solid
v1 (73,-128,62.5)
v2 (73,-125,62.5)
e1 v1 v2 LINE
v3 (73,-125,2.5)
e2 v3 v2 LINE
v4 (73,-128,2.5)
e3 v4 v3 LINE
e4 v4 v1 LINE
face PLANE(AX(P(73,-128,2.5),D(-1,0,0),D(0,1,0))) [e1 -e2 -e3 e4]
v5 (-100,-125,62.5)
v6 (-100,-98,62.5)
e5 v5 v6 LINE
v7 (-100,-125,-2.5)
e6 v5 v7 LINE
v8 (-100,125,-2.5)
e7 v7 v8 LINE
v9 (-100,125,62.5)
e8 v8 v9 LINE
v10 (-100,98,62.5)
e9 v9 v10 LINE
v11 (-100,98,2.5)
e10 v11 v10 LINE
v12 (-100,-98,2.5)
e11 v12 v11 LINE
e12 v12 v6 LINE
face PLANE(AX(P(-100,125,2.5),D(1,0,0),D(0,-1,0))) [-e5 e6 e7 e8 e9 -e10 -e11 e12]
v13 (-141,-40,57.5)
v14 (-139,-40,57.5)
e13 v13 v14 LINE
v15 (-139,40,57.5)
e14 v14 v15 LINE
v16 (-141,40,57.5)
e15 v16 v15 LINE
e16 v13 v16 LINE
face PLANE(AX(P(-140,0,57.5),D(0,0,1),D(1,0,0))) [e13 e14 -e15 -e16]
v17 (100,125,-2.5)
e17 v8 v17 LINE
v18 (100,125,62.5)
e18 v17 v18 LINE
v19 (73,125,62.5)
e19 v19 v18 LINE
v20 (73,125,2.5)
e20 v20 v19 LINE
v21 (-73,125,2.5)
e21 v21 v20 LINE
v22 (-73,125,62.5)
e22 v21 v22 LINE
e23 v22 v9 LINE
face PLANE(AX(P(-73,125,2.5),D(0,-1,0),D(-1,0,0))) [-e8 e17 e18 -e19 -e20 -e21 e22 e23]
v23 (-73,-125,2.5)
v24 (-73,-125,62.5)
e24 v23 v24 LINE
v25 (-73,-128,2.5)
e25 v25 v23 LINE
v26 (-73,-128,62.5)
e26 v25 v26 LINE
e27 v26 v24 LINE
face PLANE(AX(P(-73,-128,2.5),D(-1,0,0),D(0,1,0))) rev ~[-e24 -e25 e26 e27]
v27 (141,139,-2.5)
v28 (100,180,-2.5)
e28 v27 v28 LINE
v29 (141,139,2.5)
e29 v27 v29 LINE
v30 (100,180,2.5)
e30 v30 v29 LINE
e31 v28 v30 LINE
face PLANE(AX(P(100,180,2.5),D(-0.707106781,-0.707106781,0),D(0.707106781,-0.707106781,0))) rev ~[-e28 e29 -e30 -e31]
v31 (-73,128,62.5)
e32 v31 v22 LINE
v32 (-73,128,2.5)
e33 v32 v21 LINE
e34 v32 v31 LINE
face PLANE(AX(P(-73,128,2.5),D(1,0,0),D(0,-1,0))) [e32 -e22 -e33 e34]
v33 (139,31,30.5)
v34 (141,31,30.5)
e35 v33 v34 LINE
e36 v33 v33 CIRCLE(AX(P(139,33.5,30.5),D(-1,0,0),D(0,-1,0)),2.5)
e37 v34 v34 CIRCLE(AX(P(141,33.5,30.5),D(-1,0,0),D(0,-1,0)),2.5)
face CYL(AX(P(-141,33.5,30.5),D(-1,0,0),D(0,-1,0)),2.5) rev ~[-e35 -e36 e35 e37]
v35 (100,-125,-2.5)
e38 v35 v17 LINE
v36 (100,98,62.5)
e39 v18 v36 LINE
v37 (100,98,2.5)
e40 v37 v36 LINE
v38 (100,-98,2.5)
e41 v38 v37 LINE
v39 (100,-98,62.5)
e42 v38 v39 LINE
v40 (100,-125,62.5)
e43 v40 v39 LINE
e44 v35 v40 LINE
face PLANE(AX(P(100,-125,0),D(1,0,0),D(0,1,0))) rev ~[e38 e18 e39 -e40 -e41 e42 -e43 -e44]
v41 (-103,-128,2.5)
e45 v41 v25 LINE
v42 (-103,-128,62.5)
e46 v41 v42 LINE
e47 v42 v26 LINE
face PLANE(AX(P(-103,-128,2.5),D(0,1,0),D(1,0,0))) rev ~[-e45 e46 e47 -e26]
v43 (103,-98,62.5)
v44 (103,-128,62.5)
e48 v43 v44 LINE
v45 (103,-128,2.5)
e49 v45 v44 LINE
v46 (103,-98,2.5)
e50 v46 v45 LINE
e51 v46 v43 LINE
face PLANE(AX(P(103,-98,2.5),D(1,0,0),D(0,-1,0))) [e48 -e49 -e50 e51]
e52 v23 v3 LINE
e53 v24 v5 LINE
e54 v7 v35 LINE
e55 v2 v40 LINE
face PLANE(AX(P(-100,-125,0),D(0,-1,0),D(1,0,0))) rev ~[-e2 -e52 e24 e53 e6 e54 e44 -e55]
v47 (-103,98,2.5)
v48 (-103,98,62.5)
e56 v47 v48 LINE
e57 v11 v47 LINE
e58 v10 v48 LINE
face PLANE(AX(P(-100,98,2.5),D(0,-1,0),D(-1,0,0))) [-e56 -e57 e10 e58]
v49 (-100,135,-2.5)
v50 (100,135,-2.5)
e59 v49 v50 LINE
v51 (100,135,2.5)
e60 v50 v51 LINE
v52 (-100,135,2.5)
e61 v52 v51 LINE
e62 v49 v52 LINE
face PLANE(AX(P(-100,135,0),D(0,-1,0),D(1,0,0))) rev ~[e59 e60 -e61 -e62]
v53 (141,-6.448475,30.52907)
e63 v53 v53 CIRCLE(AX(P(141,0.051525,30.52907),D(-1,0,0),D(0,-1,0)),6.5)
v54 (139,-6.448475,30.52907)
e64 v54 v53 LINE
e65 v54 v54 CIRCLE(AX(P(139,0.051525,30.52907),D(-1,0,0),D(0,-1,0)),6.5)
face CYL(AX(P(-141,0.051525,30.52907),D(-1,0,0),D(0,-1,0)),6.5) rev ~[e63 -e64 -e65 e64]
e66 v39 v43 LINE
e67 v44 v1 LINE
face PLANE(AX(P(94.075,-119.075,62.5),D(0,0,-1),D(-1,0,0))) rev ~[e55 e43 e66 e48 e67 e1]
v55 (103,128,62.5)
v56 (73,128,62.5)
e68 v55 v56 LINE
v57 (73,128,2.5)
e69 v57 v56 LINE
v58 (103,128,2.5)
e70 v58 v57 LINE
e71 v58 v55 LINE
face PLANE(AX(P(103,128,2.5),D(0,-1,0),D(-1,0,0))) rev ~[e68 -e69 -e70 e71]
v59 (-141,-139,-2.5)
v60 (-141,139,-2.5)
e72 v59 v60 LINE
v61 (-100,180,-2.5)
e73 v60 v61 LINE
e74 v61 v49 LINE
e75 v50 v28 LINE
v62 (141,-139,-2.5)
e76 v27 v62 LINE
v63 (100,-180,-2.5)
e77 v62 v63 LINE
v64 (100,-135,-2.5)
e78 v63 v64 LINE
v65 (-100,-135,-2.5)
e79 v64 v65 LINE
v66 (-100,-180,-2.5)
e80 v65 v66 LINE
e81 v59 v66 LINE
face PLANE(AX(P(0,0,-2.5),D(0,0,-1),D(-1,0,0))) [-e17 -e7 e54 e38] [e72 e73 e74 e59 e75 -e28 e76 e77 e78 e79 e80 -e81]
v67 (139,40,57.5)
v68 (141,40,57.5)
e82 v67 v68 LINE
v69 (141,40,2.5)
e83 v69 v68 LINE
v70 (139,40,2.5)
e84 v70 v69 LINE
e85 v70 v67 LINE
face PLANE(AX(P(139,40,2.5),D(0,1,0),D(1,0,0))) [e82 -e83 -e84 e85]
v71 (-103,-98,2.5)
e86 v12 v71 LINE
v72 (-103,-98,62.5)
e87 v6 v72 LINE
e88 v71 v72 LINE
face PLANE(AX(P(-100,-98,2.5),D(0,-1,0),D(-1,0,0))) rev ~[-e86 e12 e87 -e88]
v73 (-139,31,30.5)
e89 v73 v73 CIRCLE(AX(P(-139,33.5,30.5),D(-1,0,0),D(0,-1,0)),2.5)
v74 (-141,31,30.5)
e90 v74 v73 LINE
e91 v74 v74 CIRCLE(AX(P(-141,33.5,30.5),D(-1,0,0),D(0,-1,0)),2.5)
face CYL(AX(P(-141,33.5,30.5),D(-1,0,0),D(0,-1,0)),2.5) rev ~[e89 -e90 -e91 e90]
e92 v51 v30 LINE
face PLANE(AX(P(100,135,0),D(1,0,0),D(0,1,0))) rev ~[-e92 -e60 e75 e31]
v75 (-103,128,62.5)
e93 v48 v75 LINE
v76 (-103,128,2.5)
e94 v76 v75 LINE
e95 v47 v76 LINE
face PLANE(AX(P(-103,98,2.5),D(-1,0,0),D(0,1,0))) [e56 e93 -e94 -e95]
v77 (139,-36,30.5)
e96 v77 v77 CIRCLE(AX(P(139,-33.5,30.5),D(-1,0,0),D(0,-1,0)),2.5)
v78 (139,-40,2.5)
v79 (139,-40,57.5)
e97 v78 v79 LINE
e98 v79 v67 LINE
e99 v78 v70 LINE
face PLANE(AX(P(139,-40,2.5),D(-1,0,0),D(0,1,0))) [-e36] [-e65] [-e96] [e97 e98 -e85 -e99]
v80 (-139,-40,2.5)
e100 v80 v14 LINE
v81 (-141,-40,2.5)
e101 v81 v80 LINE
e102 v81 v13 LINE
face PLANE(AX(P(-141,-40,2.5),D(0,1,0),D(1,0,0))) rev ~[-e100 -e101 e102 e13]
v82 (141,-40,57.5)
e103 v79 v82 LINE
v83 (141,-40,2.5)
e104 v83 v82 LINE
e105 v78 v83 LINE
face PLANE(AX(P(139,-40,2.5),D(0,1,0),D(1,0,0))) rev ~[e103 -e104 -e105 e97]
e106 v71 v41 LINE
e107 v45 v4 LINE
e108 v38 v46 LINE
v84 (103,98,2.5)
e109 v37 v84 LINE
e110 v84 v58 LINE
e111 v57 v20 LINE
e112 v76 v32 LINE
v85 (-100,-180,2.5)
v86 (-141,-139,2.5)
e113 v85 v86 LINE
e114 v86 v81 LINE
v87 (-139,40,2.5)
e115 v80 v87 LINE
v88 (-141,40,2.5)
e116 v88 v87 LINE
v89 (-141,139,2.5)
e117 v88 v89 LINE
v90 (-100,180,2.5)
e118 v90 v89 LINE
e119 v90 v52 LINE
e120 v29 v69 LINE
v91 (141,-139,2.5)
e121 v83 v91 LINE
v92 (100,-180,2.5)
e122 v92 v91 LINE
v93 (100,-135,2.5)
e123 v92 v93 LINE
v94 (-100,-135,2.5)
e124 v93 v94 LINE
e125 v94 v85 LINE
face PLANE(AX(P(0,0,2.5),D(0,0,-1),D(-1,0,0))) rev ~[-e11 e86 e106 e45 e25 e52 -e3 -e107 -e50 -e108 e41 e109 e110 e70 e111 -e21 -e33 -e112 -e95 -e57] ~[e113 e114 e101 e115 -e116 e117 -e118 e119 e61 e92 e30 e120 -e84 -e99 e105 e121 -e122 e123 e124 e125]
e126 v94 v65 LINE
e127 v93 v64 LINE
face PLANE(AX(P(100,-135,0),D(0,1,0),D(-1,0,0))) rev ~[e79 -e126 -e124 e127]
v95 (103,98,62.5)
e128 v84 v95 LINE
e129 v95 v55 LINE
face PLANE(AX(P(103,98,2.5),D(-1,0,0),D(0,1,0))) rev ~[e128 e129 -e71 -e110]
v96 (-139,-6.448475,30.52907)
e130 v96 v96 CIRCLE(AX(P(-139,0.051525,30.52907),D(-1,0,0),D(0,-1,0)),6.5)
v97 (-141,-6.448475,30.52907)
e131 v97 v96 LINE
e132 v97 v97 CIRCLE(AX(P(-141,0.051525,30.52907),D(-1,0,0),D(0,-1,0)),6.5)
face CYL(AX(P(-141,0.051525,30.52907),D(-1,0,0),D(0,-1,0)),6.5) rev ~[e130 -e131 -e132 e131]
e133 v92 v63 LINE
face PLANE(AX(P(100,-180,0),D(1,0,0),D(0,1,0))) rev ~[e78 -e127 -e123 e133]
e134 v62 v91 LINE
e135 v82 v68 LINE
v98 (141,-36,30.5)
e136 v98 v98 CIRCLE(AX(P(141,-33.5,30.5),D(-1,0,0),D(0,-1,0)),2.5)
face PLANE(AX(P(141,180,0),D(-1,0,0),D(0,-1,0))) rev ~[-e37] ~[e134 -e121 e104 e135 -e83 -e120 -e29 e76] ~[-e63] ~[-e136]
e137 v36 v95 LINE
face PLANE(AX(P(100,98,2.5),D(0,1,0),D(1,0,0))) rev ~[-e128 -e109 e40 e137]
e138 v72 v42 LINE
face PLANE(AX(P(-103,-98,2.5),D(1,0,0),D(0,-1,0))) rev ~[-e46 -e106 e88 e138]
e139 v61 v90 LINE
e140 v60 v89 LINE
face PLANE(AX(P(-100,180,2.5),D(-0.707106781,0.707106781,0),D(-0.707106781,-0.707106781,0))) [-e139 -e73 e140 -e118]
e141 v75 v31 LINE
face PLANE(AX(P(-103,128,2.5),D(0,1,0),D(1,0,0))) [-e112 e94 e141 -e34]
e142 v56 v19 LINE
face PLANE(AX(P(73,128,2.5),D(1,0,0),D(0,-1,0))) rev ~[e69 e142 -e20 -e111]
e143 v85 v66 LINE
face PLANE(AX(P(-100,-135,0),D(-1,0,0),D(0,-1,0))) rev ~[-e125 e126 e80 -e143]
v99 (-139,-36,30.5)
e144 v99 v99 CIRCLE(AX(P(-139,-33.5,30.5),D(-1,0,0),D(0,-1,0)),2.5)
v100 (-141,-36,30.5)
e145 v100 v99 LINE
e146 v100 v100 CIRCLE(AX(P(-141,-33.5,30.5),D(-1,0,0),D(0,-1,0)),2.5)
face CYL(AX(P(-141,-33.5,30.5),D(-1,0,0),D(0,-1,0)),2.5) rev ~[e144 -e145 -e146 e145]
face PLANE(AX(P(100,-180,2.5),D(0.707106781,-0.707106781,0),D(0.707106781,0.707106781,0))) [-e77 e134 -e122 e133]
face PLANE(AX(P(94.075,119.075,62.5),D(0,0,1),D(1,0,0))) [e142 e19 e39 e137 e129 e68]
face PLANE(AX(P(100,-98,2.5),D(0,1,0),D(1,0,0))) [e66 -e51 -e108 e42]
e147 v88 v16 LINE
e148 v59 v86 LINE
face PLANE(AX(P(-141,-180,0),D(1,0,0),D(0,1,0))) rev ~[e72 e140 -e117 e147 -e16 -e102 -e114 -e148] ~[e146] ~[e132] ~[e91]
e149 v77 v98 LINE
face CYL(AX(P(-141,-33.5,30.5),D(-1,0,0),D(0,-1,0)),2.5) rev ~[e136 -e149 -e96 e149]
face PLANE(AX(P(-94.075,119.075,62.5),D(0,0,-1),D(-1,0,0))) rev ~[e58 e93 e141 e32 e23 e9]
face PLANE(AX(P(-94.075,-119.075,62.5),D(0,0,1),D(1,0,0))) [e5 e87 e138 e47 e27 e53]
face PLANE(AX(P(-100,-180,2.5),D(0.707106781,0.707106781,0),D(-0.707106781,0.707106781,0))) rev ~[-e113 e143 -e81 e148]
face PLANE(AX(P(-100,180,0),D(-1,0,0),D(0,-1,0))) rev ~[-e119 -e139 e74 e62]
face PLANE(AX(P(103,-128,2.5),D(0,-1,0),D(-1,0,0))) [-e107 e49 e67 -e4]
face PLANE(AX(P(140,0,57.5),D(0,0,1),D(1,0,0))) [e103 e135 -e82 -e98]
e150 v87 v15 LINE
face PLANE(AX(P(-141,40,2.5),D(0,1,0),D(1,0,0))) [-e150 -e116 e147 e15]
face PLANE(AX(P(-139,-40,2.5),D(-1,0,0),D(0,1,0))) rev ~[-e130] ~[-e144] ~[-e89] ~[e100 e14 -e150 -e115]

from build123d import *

# Parameters (mm, degrees)
SKETCH_W        = 200
SKETCH_H        = 250
PAD_DEPTH       = 2.5
SKETCH001_W     = 2
SKETCH001_H     = 80
PAD001_DEPTH    = 55
SKETCH002_R     = 2.5
SKETCH002_R_2   = 6.5
POCKET_DEPTH    = 282.001
PAD002_DEPTH    = 60
POCKET001_DEPTH = 5.001


with BuildPart() as part:
    # Sketch → Pad (new body, symmetric)
    with BuildSketch(Plane.XY):
        Polygon((100, 180), (141, 180), (141, -180), (100, -180), (100, -135), (-100, -135), (-100, -180), (-141, -180), (-141, 180), (-100, 180), (-100, 135), (100, 135), align=None)
        Rectangle(SKETCH_W, SKETCH_H, mode=Mode.SUBTRACT)
    extrude(amount=PAD_DEPTH, both=True)

    # Sketch001 → Pad001 (new body)
    with BuildSketch(Plane.XY.offset(2.5)):
        with Locations((-140, 0)):
            Rectangle(SKETCH001_W, SKETCH001_H)
        with Locations((140, 0)):
            Rectangle(SKETCH001_W, SKETCH001_H)
    extrude(amount=PAD001_DEPTH)

    # Sketch002 → Pocket (cut, through all)
    with BuildSketch(Plane(origin=(-141, 0, 0), x_dir=(0, -1, 0), z_dir=(-1, 0, 0))):
        with Locations((-33.5, 30.5)):
            Circle(SKETCH002_R)
        with Locations((33.5, 30.5)):
            Circle(SKETCH002_R)
        with Locations((-0.051525, 30.52907)):
            Circle(SKETCH002_R_2)
    extrude(amount=-POCKET_DEPTH, mode=Mode.SUBTRACT)

    # Sketch003 → Pad002 (new body)
    with BuildSketch(Plane.XY.offset(2.5)):
        Polygon((-100, 98), (-103, 98), (-103, 128), (-73, 128), (-73, 125), (-100, 125), align=None)
        Polygon((73, 125), (100, 125), (100, 98), (103, 98), (103, 128), (73, 128), align=None)
        Polygon((-73, -125), (-100, -125), (-100, -98), (-103, -98), (-103, -128), (-73, -128), align=None)
        Polygon((73, -125), (100, -125), (100, -98), (103, -98), (103, -128), (73, -128), align=None)
    extrude(amount=PAD002_DEPTH)

    # Sketch004 → Pocket001 (cut, through all)
    with BuildSketch(Plane.XY.offset(2.5)):
        Polygon((-100, 180), (-154.538937, 125.461063), (-154.538937, 180), align=None)
        Polygon((100, 180), (154.538937, 125.461063), (154.538937, 180), align=None)
        Polygon((-100, -180), (-154.538937, -125.461063), (-154.538937, -180), align=None)
        Polygon((100, -180), (154.538937, -125.461063), (154.538937, -180), align=None)
    extrude(amount=-POCKET001_DEPTH, mode=Mode.SUBTRACT)


solid = part.part
